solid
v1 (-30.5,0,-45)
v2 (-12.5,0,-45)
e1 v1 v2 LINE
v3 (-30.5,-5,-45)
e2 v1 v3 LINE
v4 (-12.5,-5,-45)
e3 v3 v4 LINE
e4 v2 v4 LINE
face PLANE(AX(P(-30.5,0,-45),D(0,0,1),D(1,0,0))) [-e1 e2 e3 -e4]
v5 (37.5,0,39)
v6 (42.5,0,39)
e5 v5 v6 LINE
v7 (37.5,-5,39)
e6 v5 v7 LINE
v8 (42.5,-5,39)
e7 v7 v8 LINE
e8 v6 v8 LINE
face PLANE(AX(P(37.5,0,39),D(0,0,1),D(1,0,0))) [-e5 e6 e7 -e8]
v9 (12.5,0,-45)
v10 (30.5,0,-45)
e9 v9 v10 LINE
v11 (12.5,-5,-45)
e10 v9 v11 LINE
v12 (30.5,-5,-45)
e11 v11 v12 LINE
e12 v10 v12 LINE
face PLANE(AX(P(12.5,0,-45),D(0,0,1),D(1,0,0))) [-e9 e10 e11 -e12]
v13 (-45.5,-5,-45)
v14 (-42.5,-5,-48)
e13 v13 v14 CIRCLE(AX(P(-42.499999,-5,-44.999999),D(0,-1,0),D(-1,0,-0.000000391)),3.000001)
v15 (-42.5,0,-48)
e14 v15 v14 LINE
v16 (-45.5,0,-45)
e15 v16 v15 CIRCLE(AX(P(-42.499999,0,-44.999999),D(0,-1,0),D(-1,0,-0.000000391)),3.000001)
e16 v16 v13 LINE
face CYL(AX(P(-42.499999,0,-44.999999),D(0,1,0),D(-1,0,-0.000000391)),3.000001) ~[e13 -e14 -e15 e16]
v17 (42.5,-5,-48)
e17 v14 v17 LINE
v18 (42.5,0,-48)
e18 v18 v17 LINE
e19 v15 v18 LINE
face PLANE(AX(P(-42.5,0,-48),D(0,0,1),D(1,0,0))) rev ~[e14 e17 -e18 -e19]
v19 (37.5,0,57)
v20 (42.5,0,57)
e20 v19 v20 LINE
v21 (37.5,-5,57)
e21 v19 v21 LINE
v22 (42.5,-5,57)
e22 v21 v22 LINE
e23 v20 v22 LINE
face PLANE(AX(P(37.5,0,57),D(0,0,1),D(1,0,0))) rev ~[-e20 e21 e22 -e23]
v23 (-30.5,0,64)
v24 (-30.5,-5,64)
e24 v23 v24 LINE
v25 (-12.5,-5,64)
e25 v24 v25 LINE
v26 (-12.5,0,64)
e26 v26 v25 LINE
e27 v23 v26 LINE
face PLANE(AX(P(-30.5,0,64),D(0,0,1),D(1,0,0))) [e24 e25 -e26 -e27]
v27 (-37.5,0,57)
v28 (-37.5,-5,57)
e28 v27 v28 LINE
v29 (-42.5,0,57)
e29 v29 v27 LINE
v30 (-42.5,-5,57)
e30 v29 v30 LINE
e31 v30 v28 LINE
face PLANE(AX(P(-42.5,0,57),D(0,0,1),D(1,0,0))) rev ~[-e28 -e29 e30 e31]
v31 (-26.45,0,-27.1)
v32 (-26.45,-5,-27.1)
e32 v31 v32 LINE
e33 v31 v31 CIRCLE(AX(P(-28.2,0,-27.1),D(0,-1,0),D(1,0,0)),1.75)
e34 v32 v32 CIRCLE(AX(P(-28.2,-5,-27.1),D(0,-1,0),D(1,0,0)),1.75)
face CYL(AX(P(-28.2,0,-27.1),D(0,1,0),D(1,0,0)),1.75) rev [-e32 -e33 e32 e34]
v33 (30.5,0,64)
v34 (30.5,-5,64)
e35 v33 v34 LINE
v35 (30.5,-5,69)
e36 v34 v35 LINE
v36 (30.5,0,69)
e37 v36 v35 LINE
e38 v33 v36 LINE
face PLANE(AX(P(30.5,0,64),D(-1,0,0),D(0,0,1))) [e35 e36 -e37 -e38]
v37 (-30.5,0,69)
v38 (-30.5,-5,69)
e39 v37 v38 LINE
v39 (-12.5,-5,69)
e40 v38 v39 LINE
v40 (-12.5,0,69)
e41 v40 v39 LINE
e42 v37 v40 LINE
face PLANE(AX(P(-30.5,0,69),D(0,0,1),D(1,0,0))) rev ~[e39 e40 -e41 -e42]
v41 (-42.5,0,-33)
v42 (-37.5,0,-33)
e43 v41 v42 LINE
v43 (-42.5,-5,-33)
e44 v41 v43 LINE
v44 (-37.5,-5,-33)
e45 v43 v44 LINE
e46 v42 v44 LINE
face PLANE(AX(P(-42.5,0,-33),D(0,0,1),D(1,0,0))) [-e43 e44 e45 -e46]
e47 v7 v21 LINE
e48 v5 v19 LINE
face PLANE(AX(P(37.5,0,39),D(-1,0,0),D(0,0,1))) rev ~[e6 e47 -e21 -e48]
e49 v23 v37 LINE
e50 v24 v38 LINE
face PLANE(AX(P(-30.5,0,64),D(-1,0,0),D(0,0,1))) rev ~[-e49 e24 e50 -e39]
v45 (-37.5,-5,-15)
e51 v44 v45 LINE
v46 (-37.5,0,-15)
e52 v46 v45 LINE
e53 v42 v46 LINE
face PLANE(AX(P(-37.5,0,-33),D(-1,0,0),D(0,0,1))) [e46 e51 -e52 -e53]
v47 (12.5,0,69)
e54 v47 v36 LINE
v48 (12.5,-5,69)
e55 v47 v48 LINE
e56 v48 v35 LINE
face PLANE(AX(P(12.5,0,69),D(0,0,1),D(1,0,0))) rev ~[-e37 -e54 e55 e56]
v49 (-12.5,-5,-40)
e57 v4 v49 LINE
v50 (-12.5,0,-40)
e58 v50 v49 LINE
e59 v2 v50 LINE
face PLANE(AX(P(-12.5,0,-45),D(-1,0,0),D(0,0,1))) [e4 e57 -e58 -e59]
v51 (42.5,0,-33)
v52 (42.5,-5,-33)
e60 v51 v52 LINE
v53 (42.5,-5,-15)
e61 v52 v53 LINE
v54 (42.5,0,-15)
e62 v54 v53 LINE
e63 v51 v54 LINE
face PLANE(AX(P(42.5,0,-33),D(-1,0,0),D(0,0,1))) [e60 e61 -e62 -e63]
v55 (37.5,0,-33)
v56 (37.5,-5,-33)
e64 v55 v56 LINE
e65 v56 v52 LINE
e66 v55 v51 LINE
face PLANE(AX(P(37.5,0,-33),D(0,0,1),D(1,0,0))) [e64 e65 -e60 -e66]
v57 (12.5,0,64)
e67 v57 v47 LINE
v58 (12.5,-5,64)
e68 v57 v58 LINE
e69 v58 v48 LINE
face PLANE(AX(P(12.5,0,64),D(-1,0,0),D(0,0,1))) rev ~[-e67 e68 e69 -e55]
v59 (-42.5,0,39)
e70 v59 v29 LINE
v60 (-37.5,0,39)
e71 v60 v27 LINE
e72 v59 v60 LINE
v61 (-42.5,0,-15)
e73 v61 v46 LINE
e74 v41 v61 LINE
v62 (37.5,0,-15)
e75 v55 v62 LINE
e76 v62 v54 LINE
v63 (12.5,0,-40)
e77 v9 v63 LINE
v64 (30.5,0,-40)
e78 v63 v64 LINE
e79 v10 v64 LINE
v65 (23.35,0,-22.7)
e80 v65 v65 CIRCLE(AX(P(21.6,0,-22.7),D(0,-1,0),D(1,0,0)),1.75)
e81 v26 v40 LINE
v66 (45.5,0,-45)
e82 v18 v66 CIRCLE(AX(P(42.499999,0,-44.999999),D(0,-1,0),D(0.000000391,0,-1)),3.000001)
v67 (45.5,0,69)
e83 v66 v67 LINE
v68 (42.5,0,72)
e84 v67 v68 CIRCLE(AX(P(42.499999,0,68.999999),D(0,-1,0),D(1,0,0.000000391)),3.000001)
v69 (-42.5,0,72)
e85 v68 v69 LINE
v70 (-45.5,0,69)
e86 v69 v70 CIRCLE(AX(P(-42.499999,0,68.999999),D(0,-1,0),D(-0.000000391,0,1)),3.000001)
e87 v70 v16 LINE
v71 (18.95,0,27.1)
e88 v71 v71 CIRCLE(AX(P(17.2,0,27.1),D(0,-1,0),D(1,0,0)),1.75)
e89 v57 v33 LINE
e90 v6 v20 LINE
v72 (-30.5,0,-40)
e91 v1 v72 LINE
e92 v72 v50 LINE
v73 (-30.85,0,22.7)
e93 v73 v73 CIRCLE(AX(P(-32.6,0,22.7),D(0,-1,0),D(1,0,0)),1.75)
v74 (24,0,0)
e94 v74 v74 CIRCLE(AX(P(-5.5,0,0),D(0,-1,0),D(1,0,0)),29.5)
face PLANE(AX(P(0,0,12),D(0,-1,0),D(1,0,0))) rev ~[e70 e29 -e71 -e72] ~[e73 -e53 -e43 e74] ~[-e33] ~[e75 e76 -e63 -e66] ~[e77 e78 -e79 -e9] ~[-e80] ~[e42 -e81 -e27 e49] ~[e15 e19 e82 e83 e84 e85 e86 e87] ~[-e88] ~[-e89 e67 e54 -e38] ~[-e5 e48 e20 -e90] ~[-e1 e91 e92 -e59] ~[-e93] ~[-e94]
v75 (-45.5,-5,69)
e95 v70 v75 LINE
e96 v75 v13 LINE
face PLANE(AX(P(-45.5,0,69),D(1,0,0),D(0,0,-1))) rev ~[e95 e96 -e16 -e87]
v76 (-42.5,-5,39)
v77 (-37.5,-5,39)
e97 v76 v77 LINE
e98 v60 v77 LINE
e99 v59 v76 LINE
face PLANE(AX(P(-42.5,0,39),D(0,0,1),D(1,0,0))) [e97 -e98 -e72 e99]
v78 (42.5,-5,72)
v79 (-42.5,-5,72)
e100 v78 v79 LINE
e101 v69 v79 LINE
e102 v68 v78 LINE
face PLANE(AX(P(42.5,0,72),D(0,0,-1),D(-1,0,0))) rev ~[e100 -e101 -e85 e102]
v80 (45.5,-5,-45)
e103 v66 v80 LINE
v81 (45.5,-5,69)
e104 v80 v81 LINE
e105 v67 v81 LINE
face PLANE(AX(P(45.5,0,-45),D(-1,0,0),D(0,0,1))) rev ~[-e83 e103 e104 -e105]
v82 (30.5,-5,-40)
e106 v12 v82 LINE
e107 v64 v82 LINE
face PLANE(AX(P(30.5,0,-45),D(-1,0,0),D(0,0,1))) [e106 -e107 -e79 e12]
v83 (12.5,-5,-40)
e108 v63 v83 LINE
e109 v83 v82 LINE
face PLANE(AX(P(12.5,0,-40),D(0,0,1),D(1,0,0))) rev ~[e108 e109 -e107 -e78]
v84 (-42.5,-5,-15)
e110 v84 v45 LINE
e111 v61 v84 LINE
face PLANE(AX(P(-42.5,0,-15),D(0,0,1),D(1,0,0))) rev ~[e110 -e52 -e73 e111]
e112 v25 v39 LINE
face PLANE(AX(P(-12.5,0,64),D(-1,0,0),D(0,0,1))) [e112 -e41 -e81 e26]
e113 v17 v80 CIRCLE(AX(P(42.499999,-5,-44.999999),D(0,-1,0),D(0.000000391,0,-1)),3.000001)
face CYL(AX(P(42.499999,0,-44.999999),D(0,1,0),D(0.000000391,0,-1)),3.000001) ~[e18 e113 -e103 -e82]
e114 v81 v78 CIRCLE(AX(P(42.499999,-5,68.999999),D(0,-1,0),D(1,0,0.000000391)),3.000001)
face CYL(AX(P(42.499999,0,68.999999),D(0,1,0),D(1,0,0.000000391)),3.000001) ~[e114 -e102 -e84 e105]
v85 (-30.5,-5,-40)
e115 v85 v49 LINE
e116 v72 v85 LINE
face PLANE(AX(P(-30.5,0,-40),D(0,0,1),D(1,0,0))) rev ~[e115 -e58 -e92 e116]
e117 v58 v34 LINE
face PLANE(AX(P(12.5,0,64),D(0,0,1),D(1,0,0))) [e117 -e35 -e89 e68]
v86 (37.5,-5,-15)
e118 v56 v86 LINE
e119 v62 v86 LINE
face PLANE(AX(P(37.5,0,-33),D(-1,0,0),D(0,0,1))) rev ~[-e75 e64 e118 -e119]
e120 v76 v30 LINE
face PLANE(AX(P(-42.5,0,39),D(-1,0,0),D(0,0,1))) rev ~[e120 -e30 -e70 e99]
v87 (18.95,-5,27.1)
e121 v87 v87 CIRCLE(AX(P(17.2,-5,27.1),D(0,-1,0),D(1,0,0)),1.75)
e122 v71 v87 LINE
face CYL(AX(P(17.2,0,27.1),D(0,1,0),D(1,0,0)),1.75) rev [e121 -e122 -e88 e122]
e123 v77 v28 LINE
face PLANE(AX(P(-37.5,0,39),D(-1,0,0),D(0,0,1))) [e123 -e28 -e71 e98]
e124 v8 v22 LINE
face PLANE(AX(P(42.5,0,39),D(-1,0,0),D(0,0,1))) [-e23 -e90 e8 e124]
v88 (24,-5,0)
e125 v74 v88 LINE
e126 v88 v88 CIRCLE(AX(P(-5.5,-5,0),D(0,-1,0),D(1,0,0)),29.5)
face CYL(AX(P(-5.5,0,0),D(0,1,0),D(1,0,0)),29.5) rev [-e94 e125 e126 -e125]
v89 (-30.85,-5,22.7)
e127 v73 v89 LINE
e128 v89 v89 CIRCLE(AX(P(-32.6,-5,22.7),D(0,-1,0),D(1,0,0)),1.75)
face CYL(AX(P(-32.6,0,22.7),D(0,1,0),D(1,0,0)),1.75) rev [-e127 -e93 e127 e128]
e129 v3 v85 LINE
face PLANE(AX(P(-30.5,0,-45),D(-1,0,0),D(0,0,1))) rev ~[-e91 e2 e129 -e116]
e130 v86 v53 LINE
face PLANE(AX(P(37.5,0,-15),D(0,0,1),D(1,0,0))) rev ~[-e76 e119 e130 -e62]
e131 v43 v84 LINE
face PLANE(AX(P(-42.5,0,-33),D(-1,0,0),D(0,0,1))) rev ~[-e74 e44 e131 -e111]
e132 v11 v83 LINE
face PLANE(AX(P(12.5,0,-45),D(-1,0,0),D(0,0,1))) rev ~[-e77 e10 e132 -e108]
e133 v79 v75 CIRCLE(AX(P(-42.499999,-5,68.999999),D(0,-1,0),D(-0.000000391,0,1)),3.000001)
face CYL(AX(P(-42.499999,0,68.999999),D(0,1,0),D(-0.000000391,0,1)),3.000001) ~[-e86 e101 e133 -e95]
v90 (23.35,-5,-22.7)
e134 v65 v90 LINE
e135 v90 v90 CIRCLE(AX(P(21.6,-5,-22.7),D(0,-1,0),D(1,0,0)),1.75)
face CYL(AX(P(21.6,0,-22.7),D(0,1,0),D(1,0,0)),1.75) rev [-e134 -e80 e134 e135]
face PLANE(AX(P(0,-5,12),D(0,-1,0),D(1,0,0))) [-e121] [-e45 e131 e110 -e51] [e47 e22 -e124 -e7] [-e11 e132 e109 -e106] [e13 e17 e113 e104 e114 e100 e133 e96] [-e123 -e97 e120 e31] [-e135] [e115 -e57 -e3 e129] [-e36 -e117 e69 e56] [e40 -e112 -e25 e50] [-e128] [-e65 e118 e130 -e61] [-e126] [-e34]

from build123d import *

# Parameters (mm, degrees)
F0_W     = 5
F0_H     = 18
F0_R     = 1.75
F0_W_2   = 18
F0_H_2   = 5
F0_R_2   = 29.5
F1_DEPTH = 5


with BuildPart() as f1:
    # F0 (on Front) → F1 (new body)
    with BuildSketch(Plane.XZ):
        with BuildLine():
            Line((42.5, 72), (-42.5, 72))
            ThreePointArc((-42.5, 72), (-44.62132, 71.12132), (-45.5, 69))
            Line((-45.5, 69), (-45.5, -45))
            ThreePointArc((-45.5, -45), (-44.62132, -47.12132), (-42.5, -48))
            Line((-42.5, -48), (42.5, -48))
            ThreePointArc((42.5, -48), (44.62132, -47.12132), (45.5, -45))
            Line((45.5, -45), (45.5, 69))
            ThreePointArc((45.5, 69), (44.62132, 71.12132), (42.5, 72))
        make_face()
        with Locations((-40, -24)):
            Rectangle(F0_W, F0_H, mode=Mode.SUBTRACT)
        with Locations((-28.2, -27.1)):
            Circle(F0_R, mode=Mode.SUBTRACT)
        with Locations((-21.5, -42.5)):
            Rectangle(F0_W_2, F0_H_2, mode=Mode.SUBTRACT)
        with Locations((-5.5, 0)):
            Circle(F0_R_2, mode=Mode.SUBTRACT)
        with Locations((21.5, -42.5)):
            Rectangle(F0_W_2, F0_H_2, mode=Mode.SUBTRACT)
        with Locations((21.6, -22.7)):
            Circle(F0_R, mode=Mode.SUBTRACT)
        with Locations((40, -24)):
            Rectangle(F0_W, F0_H, mode=Mode.SUBTRACT)
        with Locations((-32.6, 22.7)):
            Circle(F0_R, mode=Mode.SUBTRACT)
        with Locations((-40, 48)):
            Rectangle(F0_W, F0_H, mode=Mode.SUBTRACT)
        with Locations((-21.5, 66.5)):
            Rectangle(F0_W_2, F0_H_2, mode=Mode.SUBTRACT)
        with Locations((17.2, 27.1)):
            Circle(F0_R, mode=Mode.SUBTRACT)
        with Locations((21.5, 66.5)):
            Rectangle(F0_W_2, F0_H_2, mode=Mode.SUBTRACT)
        with Locations((40, 48)):
            Rectangle(F0_W, F0_H, mode=Mode.SUBTRACT)
    extrude(amount=F1_DEPTH)


solid = f1.part
